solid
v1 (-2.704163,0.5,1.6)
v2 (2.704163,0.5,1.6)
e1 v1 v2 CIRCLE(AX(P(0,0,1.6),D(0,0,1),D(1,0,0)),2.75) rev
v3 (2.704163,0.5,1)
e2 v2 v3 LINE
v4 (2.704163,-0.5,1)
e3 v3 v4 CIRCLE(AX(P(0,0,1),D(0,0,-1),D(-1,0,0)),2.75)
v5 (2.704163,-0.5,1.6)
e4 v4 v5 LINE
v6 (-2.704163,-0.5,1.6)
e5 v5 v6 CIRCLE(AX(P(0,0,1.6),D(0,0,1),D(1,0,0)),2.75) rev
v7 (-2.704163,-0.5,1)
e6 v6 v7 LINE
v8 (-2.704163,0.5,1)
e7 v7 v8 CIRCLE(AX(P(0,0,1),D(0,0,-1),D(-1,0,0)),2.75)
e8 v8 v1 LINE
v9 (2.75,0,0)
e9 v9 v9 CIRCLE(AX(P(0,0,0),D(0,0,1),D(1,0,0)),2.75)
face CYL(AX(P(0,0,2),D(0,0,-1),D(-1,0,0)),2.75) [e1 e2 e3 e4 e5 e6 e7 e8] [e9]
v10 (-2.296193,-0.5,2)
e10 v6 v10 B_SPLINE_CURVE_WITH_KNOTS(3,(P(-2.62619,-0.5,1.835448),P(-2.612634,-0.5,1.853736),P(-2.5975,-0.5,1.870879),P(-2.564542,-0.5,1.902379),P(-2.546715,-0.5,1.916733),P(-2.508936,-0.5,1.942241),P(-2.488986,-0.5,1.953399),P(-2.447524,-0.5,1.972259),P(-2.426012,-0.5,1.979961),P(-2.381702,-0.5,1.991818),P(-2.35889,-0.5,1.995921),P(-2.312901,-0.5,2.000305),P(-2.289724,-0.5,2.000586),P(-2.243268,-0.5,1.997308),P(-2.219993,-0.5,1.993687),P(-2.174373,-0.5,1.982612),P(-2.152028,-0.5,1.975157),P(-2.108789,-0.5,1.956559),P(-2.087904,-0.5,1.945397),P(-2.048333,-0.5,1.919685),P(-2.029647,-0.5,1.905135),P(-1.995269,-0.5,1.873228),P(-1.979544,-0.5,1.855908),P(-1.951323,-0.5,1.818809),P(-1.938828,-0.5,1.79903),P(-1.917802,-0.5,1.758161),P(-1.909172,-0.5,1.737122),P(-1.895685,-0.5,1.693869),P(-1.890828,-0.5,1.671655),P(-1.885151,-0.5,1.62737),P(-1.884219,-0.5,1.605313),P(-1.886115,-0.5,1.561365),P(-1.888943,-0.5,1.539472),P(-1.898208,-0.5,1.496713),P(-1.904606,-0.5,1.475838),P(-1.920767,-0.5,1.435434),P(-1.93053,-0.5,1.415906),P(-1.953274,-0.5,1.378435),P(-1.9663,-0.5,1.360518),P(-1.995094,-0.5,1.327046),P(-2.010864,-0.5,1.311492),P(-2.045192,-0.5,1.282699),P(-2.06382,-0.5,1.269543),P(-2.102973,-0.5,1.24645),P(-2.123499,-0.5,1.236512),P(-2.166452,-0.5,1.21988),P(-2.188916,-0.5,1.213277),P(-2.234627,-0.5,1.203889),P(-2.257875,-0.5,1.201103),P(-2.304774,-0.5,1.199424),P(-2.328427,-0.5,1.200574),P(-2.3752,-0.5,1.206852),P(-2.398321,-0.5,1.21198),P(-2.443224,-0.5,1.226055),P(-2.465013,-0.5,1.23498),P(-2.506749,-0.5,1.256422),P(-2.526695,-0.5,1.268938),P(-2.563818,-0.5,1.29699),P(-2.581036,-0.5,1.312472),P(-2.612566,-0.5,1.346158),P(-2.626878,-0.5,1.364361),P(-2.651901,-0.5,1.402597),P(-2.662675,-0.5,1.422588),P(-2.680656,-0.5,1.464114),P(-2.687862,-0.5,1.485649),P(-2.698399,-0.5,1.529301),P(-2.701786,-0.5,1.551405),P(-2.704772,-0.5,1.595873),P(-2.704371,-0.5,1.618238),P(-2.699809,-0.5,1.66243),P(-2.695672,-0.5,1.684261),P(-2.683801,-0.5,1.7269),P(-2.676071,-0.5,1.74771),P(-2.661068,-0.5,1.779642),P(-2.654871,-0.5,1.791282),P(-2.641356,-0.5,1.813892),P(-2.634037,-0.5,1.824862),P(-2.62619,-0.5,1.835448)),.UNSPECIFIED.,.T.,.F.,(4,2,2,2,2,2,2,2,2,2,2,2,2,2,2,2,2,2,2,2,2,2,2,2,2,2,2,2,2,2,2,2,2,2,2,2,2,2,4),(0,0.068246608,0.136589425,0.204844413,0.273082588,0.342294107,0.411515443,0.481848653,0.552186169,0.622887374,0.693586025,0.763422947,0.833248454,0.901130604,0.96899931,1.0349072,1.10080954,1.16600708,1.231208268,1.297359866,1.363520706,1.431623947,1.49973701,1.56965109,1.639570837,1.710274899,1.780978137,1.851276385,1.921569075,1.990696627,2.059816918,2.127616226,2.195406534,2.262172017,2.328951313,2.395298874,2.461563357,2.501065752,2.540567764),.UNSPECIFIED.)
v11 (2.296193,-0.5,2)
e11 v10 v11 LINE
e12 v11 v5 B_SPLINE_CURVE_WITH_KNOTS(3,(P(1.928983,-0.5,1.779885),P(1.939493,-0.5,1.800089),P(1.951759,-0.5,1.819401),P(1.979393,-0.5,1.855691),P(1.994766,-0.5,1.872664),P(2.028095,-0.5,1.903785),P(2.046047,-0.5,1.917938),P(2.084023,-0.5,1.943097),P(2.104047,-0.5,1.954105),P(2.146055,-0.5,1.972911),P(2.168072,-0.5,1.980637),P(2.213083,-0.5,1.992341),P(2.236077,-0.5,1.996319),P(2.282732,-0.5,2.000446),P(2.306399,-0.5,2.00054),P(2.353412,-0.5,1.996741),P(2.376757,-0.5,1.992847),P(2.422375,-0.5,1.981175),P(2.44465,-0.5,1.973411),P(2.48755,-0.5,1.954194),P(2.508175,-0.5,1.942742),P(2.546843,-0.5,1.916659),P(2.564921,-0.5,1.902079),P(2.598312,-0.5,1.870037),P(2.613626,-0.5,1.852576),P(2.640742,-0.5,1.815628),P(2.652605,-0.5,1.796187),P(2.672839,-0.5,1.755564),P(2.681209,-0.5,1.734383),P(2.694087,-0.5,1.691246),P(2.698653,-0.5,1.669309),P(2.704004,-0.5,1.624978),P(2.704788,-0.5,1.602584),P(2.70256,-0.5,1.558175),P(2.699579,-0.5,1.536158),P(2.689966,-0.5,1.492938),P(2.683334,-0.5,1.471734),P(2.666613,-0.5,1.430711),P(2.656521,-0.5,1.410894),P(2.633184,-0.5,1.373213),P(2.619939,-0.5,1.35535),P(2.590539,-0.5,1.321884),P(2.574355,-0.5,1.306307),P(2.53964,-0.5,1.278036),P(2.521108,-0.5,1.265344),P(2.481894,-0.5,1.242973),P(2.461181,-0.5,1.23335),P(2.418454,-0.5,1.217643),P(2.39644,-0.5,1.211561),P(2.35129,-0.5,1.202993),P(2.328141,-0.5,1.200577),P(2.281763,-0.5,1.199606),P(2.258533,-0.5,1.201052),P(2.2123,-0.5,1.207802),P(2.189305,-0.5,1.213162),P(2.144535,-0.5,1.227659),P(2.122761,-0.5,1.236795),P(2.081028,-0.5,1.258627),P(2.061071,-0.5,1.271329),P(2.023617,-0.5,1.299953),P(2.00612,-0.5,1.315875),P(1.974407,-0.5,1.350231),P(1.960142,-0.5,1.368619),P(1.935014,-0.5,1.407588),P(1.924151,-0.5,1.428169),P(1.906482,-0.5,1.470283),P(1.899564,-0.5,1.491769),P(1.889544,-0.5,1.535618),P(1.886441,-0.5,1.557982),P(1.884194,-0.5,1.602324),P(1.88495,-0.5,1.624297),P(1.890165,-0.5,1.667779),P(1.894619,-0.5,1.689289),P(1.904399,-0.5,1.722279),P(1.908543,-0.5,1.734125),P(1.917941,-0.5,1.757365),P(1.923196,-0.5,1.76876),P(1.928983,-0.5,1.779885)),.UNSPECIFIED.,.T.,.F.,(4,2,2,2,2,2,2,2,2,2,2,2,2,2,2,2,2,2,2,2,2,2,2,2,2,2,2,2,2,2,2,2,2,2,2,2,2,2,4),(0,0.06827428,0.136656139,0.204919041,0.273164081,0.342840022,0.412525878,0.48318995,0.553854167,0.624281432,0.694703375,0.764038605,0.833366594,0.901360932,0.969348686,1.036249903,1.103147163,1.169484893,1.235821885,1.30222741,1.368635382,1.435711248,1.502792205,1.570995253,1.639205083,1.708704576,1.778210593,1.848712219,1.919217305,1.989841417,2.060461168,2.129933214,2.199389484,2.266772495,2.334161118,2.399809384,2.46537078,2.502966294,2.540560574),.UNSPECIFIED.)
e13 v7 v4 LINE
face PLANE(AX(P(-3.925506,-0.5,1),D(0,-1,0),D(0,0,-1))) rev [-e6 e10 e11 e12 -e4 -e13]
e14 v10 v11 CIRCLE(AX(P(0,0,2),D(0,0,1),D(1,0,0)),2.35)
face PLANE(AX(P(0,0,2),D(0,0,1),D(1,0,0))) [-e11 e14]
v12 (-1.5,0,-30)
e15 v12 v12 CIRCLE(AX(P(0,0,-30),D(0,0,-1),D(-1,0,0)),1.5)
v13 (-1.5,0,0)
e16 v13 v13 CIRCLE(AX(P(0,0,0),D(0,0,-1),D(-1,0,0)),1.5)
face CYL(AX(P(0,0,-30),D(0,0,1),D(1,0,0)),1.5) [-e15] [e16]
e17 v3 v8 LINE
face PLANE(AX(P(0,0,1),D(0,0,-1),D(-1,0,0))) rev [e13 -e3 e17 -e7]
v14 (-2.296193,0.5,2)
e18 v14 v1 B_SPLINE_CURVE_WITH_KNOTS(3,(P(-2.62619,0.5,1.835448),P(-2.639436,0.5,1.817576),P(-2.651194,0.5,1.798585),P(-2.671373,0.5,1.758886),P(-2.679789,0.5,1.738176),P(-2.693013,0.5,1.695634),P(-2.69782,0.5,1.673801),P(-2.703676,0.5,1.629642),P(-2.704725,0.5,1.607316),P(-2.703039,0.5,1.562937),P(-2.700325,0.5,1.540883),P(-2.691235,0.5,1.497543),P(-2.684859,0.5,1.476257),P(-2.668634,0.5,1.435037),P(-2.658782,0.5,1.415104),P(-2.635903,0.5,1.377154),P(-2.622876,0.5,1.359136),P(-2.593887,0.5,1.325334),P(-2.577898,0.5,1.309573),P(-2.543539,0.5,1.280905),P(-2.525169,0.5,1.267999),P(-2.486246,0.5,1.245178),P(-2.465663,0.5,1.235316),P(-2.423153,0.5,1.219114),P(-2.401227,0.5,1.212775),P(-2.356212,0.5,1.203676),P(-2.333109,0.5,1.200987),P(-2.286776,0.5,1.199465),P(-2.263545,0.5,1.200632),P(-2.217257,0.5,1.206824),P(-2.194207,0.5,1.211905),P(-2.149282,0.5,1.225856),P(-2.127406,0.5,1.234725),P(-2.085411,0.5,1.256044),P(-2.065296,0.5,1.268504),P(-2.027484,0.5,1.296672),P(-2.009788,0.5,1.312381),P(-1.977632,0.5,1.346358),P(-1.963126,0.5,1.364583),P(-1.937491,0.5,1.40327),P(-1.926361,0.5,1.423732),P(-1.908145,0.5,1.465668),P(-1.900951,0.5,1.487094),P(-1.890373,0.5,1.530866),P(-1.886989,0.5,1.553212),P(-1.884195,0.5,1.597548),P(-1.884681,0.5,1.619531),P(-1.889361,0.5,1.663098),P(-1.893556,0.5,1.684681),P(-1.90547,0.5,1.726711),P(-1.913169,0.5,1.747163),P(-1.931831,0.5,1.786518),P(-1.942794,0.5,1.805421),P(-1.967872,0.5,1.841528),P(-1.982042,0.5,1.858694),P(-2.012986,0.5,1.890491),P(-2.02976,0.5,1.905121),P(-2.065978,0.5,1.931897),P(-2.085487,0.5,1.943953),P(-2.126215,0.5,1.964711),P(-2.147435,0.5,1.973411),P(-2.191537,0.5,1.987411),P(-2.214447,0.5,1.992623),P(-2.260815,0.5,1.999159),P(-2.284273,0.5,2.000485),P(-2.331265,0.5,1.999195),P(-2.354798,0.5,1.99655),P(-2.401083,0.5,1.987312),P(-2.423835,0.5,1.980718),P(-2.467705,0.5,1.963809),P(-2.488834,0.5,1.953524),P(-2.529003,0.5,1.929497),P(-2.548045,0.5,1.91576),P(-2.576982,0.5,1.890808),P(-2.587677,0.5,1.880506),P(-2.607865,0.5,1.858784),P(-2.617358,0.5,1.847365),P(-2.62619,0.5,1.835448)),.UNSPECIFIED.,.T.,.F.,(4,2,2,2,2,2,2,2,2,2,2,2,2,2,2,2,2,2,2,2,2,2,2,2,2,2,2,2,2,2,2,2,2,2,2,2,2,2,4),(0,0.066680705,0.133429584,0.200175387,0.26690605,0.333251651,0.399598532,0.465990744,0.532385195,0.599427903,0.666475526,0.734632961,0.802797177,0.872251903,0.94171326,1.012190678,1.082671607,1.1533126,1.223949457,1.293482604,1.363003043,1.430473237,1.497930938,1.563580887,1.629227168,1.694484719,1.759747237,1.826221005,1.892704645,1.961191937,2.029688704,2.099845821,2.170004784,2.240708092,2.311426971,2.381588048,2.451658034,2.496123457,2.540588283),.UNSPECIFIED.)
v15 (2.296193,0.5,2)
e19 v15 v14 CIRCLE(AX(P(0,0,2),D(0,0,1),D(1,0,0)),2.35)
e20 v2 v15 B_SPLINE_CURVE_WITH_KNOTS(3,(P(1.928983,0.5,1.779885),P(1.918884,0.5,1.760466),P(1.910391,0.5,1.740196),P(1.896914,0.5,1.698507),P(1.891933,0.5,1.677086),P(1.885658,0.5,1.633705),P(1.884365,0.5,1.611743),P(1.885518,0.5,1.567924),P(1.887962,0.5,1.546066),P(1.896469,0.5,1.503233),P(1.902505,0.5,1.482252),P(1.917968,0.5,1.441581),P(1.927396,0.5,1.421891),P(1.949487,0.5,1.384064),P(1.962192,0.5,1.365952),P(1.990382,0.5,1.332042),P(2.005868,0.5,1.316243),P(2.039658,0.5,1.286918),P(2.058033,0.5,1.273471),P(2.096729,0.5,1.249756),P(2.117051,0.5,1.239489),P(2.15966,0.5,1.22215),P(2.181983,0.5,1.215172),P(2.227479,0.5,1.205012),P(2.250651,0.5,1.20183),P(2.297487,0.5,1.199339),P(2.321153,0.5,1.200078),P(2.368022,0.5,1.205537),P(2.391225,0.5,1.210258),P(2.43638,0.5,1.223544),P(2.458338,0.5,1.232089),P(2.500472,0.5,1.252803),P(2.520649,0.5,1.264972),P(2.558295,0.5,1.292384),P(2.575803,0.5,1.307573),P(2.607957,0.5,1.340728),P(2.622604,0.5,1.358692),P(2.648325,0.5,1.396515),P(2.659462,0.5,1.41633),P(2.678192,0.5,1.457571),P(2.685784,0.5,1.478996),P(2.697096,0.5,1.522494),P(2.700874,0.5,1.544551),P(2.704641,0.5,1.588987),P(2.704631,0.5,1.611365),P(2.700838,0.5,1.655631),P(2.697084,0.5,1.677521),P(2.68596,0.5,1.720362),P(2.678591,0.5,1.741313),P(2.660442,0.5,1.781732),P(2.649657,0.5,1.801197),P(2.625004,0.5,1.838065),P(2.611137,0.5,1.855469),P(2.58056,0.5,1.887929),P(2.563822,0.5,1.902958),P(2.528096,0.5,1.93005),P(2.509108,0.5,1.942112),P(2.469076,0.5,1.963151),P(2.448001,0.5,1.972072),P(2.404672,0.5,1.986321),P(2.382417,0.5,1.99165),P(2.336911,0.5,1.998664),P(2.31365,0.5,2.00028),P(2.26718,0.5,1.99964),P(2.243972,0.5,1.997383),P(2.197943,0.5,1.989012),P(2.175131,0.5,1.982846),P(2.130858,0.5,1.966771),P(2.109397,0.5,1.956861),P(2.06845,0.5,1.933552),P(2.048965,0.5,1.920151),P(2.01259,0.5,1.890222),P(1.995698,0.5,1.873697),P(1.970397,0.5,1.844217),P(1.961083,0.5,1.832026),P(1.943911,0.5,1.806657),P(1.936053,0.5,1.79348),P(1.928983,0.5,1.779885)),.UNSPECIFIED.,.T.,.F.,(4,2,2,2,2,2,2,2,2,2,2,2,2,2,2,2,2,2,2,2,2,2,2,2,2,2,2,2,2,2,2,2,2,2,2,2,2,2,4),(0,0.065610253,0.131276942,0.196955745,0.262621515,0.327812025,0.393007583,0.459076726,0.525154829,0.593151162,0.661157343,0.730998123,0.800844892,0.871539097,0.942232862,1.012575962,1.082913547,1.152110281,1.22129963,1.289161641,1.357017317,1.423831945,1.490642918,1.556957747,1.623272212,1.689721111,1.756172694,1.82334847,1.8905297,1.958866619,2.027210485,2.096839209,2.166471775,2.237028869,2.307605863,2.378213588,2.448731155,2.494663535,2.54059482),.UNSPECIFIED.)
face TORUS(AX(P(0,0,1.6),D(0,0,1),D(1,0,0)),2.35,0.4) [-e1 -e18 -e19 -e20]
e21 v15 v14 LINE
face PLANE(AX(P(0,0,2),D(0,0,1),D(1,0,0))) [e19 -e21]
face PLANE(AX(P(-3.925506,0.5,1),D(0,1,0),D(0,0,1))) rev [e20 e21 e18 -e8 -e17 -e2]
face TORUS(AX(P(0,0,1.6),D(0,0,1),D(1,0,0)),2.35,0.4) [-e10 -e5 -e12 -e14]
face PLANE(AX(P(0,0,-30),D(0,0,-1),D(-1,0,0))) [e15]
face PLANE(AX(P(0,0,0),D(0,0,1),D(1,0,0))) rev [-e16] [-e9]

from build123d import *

# Parameters (mm, degrees)
SKETCH1_R           = 2.75
BOSS_EXTRUDE1_DEPTH = 2
FILLET1_R           = 0.4
SKETCH2_W           = 7.85101285
SKETCH2_H           = 1
CUT_EXTRUDE1_DEPTH  = 1
SKETCH3_R           = 1.5
BOSS_EXTRUDE2_DEPTH = 30


with BuildPart() as part:
    # Sketch1 → Boss-Extrude1 (new body)
    with BuildSketch(Plane.XY):
        Circle(SKETCH1_R)
    extrude(amount=BOSS_EXTRUDE1_DEPTH)

    # Fillet1
    fillet1_edges = [part.edges().sort_by_distance(p)[0] for p in [
        (-2.75, 0, 2),
    ]]
    fillet(fillet1_edges, radius=FILLET1_R)

    # Sketch2 → Cut-Extrude1 (cut)
    with BuildSketch(Plane.XY.offset(2)):
        Rectangle(SKETCH2_W, SKETCH2_H)
    extrude(amount=-CUT_EXTRUDE1_DEPTH, mode=Mode.SUBTRACT)

    # Sketch3 → Boss-Extrude2 (add)
    with BuildSketch(Plane(origin=(0, 0, 0), x_dir=(-1, 0, 0), z_dir=(0, 0, -1))):
        Circle(SKETCH3_R)
    extrude(amount=BOSS_EXTRUDE2_DEPTH)


solid = part.part
